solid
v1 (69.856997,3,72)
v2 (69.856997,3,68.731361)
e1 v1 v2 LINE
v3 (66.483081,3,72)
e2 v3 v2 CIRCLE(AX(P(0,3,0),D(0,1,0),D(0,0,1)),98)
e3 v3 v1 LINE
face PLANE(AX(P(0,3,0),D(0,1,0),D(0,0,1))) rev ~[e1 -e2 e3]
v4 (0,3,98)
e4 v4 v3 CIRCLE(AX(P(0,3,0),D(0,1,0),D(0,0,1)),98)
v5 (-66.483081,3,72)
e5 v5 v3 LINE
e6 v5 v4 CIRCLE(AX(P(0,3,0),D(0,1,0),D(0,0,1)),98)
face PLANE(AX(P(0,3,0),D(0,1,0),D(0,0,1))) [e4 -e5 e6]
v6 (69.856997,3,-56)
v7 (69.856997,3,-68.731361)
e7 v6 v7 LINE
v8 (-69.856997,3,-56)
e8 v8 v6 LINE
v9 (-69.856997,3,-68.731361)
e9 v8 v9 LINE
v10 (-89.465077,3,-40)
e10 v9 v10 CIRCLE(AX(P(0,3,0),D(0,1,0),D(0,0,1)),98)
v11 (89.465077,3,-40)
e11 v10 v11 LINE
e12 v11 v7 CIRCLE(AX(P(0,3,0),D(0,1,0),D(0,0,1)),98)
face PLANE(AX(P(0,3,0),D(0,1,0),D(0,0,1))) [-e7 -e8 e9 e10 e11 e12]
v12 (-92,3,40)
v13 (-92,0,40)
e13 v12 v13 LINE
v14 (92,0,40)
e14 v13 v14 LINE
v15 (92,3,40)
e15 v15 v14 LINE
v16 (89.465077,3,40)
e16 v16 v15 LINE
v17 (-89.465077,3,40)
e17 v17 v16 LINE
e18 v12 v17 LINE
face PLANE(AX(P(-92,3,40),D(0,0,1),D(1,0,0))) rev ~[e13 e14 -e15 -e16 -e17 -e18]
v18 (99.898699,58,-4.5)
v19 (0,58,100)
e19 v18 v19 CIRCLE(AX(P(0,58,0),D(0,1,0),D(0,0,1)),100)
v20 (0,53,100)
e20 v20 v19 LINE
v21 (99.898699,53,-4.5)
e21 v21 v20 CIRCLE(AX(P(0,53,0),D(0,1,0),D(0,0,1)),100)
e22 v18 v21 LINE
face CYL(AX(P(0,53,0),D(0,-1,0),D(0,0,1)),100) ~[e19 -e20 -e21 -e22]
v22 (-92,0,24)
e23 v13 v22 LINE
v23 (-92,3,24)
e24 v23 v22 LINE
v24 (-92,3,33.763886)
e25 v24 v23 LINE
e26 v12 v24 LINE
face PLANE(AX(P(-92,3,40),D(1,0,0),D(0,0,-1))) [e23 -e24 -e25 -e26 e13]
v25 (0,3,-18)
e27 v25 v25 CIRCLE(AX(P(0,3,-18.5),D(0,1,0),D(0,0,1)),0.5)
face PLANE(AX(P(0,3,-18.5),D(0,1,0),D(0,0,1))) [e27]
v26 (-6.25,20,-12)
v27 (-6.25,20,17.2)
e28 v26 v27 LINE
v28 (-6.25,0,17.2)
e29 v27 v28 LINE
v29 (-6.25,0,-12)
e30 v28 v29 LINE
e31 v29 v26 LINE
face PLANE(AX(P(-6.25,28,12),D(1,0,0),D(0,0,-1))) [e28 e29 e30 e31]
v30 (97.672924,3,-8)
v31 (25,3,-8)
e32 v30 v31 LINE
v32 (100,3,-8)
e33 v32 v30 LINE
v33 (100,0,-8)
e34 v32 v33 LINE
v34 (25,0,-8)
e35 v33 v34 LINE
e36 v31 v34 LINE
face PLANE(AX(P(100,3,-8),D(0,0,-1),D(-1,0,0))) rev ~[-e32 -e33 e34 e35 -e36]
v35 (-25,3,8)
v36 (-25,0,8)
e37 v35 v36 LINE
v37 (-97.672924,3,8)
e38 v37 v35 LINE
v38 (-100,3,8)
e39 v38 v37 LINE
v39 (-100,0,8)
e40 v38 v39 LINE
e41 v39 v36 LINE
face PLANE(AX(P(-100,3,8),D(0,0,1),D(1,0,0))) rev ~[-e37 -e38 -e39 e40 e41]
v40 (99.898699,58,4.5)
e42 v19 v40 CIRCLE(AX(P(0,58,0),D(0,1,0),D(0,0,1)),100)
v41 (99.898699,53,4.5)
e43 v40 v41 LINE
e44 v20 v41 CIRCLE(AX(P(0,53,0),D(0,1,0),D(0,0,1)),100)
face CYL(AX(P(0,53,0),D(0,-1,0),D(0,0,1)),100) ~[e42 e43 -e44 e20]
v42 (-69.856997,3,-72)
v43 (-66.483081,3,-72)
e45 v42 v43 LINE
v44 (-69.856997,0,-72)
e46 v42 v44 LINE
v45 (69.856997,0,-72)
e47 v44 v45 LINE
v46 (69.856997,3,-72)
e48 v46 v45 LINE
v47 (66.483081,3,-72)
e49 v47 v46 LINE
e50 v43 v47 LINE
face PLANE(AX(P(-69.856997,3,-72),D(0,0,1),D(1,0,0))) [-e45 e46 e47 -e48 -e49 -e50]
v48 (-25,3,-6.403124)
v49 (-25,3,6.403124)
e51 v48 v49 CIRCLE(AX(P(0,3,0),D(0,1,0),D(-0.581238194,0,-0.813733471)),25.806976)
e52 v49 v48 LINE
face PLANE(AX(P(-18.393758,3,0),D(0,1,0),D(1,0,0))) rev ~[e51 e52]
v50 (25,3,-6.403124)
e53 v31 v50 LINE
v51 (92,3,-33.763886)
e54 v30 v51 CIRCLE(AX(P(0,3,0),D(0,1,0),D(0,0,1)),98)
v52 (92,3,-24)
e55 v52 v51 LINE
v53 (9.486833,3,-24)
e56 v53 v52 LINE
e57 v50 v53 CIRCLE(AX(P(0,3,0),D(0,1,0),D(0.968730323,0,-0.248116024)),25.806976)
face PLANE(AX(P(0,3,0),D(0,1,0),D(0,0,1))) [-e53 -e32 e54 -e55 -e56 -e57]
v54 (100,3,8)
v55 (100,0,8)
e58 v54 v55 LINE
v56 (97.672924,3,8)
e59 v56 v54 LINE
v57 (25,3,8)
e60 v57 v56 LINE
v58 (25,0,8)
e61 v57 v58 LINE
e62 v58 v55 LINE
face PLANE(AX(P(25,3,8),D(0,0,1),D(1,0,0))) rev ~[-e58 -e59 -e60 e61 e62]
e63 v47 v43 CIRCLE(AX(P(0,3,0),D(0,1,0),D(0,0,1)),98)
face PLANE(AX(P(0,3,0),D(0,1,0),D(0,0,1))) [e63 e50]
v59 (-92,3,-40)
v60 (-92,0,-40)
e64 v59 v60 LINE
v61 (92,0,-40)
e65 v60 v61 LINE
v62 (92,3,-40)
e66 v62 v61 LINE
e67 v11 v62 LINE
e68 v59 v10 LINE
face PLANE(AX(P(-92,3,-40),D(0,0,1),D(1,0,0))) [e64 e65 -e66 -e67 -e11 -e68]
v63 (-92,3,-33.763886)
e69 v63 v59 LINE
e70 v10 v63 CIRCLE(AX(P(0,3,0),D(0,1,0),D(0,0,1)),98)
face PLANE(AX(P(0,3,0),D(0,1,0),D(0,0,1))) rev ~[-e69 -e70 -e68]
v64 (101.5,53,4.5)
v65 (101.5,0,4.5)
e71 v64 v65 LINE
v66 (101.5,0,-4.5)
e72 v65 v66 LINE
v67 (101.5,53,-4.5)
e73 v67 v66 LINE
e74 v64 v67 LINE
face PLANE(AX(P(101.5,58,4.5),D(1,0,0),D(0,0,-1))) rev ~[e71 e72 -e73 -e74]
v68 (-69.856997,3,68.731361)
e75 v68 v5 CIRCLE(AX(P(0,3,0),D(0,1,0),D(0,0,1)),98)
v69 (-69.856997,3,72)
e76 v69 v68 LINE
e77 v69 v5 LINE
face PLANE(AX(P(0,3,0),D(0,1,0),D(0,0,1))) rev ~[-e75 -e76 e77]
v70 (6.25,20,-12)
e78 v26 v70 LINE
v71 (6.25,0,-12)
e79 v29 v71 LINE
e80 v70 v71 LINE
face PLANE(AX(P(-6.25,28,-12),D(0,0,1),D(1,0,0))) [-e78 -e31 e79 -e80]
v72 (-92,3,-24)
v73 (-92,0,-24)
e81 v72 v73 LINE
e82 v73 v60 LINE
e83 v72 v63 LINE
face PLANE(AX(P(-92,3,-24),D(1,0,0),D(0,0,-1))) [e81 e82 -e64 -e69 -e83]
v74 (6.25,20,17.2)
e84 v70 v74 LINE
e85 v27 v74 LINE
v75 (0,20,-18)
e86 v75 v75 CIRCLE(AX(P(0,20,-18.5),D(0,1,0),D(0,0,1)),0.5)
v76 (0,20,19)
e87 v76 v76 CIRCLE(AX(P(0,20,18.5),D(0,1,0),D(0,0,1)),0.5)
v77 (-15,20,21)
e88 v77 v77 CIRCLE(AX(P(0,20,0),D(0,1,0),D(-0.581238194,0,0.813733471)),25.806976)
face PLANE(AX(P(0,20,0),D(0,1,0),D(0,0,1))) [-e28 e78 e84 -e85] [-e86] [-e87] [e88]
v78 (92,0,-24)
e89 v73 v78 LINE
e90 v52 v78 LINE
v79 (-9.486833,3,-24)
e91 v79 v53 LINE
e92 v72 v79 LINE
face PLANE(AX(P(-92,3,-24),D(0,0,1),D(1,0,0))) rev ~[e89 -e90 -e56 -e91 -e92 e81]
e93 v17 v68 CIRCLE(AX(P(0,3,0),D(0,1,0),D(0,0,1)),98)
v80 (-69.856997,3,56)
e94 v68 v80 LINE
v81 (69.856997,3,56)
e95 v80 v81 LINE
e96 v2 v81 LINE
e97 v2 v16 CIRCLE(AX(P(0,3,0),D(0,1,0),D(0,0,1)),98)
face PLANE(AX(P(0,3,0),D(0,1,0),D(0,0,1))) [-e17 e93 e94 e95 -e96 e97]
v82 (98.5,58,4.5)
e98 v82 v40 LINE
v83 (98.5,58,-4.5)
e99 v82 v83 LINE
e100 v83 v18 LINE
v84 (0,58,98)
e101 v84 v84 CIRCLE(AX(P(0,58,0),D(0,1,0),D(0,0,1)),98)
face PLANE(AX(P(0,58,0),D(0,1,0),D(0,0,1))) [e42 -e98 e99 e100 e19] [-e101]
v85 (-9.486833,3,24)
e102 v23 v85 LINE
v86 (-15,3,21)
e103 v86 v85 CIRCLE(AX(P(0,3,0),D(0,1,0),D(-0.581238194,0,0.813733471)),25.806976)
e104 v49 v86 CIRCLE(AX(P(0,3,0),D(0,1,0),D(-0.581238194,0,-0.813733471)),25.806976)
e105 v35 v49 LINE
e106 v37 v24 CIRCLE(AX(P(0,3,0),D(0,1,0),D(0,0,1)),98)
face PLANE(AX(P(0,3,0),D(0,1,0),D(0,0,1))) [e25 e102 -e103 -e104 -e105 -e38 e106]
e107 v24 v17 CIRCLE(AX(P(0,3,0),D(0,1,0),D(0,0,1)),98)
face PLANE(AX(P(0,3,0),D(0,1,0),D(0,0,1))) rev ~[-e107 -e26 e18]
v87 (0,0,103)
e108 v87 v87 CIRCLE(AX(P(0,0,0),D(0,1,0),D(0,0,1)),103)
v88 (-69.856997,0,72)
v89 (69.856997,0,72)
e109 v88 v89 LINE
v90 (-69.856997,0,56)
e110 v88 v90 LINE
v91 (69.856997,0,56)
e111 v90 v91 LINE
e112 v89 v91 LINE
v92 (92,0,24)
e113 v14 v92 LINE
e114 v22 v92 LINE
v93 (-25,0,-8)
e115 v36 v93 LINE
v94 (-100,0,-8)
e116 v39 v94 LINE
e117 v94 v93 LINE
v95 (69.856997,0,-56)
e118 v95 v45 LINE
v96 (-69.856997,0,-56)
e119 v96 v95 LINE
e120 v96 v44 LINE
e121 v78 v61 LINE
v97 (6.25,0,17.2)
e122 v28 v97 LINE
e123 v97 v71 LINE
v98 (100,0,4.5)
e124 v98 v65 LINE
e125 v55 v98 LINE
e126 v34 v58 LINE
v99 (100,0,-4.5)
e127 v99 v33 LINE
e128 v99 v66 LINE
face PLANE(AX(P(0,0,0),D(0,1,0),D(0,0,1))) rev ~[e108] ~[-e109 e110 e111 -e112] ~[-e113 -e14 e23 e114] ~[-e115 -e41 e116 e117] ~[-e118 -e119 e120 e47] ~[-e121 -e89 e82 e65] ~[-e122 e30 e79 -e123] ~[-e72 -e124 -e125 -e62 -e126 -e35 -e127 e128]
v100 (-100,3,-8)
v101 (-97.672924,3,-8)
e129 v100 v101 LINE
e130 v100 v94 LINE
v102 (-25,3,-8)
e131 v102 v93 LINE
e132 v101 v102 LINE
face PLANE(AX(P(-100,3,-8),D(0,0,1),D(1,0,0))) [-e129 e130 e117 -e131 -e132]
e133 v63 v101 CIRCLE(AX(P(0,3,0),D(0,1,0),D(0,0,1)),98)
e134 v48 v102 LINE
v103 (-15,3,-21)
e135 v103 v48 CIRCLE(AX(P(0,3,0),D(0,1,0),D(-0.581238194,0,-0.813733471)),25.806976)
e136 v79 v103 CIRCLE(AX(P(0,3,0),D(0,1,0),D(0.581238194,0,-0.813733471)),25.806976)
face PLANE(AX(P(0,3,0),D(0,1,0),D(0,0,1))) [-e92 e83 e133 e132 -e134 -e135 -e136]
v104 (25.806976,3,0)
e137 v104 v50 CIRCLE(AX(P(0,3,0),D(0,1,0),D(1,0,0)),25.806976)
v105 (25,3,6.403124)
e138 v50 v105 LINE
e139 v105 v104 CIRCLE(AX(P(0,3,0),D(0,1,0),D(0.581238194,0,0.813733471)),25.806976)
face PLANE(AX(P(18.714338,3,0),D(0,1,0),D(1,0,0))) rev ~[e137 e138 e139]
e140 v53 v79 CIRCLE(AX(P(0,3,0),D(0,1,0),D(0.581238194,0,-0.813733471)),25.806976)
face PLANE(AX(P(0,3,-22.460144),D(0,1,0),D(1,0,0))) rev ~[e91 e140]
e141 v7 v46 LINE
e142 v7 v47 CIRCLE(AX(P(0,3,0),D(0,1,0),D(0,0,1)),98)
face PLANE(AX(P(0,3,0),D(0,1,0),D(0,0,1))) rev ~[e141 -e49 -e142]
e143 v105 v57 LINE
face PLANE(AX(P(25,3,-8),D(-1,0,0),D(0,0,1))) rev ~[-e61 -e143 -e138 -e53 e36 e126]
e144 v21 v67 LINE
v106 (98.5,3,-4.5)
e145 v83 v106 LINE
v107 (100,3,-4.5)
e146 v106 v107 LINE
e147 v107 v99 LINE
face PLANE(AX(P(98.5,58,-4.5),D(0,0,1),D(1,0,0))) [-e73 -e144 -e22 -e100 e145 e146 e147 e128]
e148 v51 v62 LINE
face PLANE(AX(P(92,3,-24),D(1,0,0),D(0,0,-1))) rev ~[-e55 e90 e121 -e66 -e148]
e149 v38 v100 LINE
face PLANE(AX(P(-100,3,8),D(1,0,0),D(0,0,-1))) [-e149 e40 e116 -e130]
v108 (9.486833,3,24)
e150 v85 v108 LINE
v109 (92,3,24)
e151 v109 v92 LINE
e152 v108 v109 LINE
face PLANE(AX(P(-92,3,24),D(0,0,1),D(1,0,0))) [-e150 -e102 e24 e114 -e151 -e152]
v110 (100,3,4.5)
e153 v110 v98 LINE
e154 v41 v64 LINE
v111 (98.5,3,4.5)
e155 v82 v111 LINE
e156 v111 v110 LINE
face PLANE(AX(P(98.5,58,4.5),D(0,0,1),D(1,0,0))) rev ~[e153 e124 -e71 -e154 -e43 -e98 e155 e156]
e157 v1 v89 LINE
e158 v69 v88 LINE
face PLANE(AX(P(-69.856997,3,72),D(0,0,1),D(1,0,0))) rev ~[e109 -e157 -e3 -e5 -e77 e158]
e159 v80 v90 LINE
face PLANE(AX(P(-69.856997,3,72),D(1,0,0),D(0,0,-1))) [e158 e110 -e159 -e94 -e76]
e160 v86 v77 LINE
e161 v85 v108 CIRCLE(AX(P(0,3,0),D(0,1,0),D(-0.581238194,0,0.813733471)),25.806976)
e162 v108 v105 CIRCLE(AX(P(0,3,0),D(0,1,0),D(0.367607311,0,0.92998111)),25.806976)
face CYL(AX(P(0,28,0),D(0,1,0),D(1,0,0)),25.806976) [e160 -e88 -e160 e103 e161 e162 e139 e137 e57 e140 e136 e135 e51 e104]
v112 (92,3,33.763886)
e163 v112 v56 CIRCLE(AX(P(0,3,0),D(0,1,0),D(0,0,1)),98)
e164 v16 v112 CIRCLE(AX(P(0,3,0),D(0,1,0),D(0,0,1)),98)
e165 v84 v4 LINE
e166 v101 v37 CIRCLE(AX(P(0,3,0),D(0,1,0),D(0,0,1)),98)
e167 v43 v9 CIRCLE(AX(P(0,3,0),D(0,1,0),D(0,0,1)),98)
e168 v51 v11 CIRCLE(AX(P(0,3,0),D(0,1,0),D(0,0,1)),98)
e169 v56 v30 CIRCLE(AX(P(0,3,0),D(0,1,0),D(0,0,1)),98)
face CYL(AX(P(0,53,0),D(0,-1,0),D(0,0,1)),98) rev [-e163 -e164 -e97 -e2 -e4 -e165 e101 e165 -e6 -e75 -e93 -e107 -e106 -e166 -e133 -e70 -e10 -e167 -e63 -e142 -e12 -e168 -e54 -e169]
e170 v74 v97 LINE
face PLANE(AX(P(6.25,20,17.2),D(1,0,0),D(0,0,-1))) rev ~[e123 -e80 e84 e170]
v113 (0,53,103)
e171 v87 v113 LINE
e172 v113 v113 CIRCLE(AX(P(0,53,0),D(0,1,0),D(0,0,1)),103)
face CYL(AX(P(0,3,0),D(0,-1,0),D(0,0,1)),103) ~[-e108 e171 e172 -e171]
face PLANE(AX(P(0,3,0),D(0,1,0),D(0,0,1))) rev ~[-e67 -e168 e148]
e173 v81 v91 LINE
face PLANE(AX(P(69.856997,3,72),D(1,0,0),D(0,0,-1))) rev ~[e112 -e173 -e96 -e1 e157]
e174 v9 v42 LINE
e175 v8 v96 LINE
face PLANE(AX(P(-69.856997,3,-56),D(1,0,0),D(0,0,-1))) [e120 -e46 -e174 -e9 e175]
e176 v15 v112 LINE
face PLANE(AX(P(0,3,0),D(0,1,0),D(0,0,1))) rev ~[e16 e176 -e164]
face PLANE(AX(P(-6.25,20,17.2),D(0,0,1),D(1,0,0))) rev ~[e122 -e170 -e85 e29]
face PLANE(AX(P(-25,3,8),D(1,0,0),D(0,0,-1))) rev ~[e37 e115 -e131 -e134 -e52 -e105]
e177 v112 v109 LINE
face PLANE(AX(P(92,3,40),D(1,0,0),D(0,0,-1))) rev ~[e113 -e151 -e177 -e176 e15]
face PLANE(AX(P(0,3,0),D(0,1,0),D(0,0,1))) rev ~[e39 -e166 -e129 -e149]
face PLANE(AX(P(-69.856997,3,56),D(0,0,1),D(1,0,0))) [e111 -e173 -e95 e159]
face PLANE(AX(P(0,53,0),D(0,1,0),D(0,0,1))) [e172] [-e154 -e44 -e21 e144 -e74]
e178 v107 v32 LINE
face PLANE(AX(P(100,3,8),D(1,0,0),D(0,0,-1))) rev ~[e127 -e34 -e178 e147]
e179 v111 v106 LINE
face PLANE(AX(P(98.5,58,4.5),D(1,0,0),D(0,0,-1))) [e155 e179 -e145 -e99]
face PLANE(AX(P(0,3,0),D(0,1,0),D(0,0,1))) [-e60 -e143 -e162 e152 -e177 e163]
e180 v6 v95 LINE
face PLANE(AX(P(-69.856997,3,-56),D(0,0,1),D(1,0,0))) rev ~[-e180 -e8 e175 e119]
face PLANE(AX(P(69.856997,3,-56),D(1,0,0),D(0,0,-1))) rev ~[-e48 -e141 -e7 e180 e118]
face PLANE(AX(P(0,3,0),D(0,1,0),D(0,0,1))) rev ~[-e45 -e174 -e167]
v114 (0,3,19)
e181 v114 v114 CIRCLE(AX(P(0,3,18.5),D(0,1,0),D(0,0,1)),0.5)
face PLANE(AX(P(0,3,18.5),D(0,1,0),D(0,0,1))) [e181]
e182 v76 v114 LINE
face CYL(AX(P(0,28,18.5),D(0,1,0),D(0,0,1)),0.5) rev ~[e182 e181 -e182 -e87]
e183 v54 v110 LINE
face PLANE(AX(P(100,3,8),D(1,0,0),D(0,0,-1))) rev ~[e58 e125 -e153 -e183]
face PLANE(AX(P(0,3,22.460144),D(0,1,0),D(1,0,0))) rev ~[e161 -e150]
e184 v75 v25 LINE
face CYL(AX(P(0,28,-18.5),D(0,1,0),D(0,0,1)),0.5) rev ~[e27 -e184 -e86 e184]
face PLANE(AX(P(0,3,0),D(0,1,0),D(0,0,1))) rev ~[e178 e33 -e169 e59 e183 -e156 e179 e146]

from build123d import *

# Parameters (mm, degrees)
SKETCH_1_R          = 103
EXTRUDE_1_DEPTH     = 3
SKETCH_2_W          = 30
SKETCH_2_H          = 42
SKETCH_2_W_2        = 24
SKETCH_2_H_2        = 32
EXTRUDE_2_DEPTH     = 25
SKETCH_3_R          = 0.5
CUT_EXTRUDE_1_DEPTH = 25
CUT_EXTRUDE_2_DEPTH = 25
SKETCH_5_R          = 103
SKETCH_5_R_2        = 100.319489632
EXTRUDE_3_DEPTH     = 50
SKETCH_6_W          = 139.713993572
SKETCH_6_H          = 16
SKETCH_6_W_2        = 184
SKETCH_6_W_3        = 75
CUT_EXTRUDE_3_DEPTH = 50
EXTRUDE_START       = -5
SKETCH_7_R          = 103
SKETCH_7_R_2        = 98
EXTRUDE_4_DEPTH     = 5
SKETCH_8_R          = 100
SKETCH_8_R_2        = 98
EXTRUDE_5_DEPTH     = 5
EXTRUDE_6_DEPTH     = 25
SKETCH_10_W         = 24
SKETCH_10_H         = 32
SKETCH_10_W_2       = 12.5
SKETCH_10_H_2       = 24
EXTRUDE_7_DEPTH     = 25
SKETCH_11_R         = 25.806975801
SKETCH_11_W         = 12.5
SKETCH_11_H         = 24
CUT_EXTRUDE_4_DEPTH = 8
SKETCH_12_W         = 12.5
SKETCH_12_H         = 24
CUT_EXTRUDE_5_DEPTH = 8
SKETCH_13_W         = 12.5
SKETCH_13_H         = 5.2
CUT_EXTRUDE_6_DEPTH = 100
SKETCH_14_R         = 103
SKETCH_14_R_2       = 98
EXTRUDE_9_DEPTH     = 50
SKETCH_15_W         = 3
SKETCH_15_H         = 9
CUT_EXTRUDE_7_DEPTH = 70


with BuildPart() as part:
    # 草图1 → 凸台-拉伸1 (new body)
    with BuildSketch(Plane(origin=(0, 0, 0), x_dir=(1, 0, 0), z_dir=(0, 1, 0))):
        with Locations(Location((0, 0, 0), (0, 0, 270))):
            Circle(SKETCH_1_R)
    extrude(amount=EXTRUDE_1_DEPTH)

    # 草图2 → 凸台-拉伸2 (add)
    with BuildSketch(Plane(origin=(0, 3, 0), x_dir=(1, 0, 0), z_dir=(0, 1, 0))):
        Rectangle(SKETCH_2_W, SKETCH_2_H)
        Rectangle(SKETCH_2_W_2, SKETCH_2_H_2, mode=Mode.SUBTRACT)
    extrude(amount=EXTRUDE_2_DEPTH)

    # 草图3 → 切除-拉伸1 (cut)
    with BuildSketch(Plane(origin=(0, 28, 0), x_dir=(1, 0, 0), z_dir=(0, 1, 0))):
        with Locations(Location((0, -18.5, 0), (0, 0, 270))):
            Circle(SKETCH_3_R)
        with Locations(Location((0, 18.5, 0), (0, 0, 270))):
            Circle(SKETCH_3_R)
    extrude(amount=-CUT_EXTRUDE_1_DEPTH, mode=Mode.SUBTRACT)

    # 草图4 → 切除-拉伸2 (cut)
    with BuildSketch(Plane(origin=(0, 3, 0), x_dir=(1, 0, 0), z_dir=(0, 1, 0))):
        Polygon((25, 0), (25, -8), (100, -8), (100, 0), (100, 8), (25, 8), align=None)
    extrude(amount=-CUT_EXTRUDE_2_DEPTH, mode=Mode.SUBTRACT)

    # 草图5 → 凸台-拉伸3 (add)
    with BuildSketch(Plane(origin=(0, 3, 0), x_dir=(1, 0, 0), z_dir=(0, 1, 0))):
        with Locations(Location((0, 0, 0), (0, 0, 270))):
            Circle(SKETCH_5_R)
        with Locations(Location((0, 0, 0), (0, 0, 4.57392126))):
            Circle(SKETCH_5_R_2, mode=Mode.SUBTRACT)
    extrude(amount=EXTRUDE_3_DEPTH)

    # 草图6 → 切除-拉伸3 (cut)
    with BuildSketch(Plane(origin=(0, 3, 0), x_dir=(1, 0, 0), z_dir=(0, 1, 0))):
        with Locations((0, -64)):
            Rectangle(SKETCH_6_W, SKETCH_6_H)
        with Locations((0, -32)):
            Rectangle(SKETCH_6_W_2, SKETCH_6_H)
        with Locations((-62.5, 0)):
            Rectangle(SKETCH_6_W_3, SKETCH_6_H)
        with Locations((0, 32)):
            Rectangle(SKETCH_6_W_2, SKETCH_6_H)
        with Locations((0, 64)):
            Rectangle(SKETCH_6_W, SKETCH_6_H)
    extrude(amount=-CUT_EXTRUDE_3_DEPTH, mode=Mode.SUBTRACT)

    # 草图7 → 凸台-拉伸4 (add)
    with BuildSketch(Plane(origin=(0, 53, 0), x_dir=(1, 0, 0), z_dir=(0, 1, 0)).offset(EXTRUDE_START)):
        with Locations(Location((0, 0, 0), (0, 0, 270))):
            Circle(SKETCH_7_R)
        with Locations(Location((0, 0, 0), (0, 0, 270))):
            Circle(SKETCH_7_R_2, mode=Mode.SUBTRACT)
    extrude(amount=EXTRUDE_4_DEPTH)

    # 草图8 → 凸台-拉伸5 (add)
    with BuildSketch(Plane(origin=(0, 53, 0), x_dir=(1, 0, 0), z_dir=(0, 1, 0))):
        with Locations(Location((0, 0, 0), (0, 0, 270))):
            Circle(SKETCH_8_R)
        with Locations(Location((0, 0, 0), (0, 0, 270))):
            Circle(SKETCH_8_R_2, mode=Mode.SUBTRACT)
    extrude(amount=EXTRUDE_5_DEPTH)

    # 草图9 → 凸台-拉伸6 (add)
    with BuildSketch(Plane(origin=(0, 28, 0), x_dir=(1, 0, 0), z_dir=(0, 1, 0))):
        with BuildLine():
            ThreePointArc((25.806975801, 0), (22.946727839, 11.808796784), (15, 21))
            Line((15, 21), (15, -21))
            ThreePointArc((15, -21), (22.946727839, -11.808796784), (25.806975801, 0))
        make_face()
        with BuildLine():
            ThreePointArc((15, 21), (0, 25.806975801), (-15, 21))
            Line((-15, 21), (15, 21))
        make_face()
        with BuildLine():
            Line((-15, -21), (-15, 21))
            ThreePointArc((-15, 21), (-25.806975801, 0), (-15, -21))
        make_face()
        with BuildLine():
            Line((15, -21), (-15, -21))
            ThreePointArc((-15, -21), (0, -25.806975801), (15, -21))
        make_face()
    extrude(amount=-EXTRUDE_6_DEPTH)

    # 草图10 → 凸台-拉伸7 (add)
    with BuildSketch(Plane(origin=(0, 28, 0), x_dir=(1, 0, 0), z_dir=(0, 1, 0))):
        Rectangle(SKETCH_10_W, SKETCH_10_H)
        Rectangle(SKETCH_10_W_2, SKETCH_10_H_2, mode=Mode.SUBTRACT)
    extrude(amount=-EXTRUDE_7_DEPTH)

    # 草图11 → 切除-拉伸4 (cut)
    with BuildSketch(Plane(origin=(0, 28, 0), x_dir=(1, 0, 0), z_dir=(0, 1, 0))):
        with Locations(Location((0, 0, 0), (0, 0, 270))):
            Circle(SKETCH_11_R)
        Rectangle(SKETCH_11_W, SKETCH_11_H, mode=Mode.SUBTRACT)
    extrude(amount=-CUT_EXTRUDE_4_DEPTH, mode=Mode.SUBTRACT)

    # 草图12 → 切除-拉伸5 (cut)
    with BuildSketch(Plane.XZ):
        Rectangle(SKETCH_12_W, SKETCH_12_H)
    extrude(amount=-CUT_EXTRUDE_5_DEPTH, mode=Mode.SUBTRACT)

    # 草图13 → 切除-拉伸6 (cut)
    with BuildSketch(Plane(origin=(0, 20, 0), x_dir=(1, 0, 0), z_dir=(0, 1, 0))):
        with Locations((0, -14.6)):
            Rectangle(SKETCH_13_W, SKETCH_13_H)
    extrude(amount=-CUT_EXTRUDE_6_DEPTH, mode=Mode.SUBTRACT)

    # 草图14 → 凸台-拉伸9 (add)
    with BuildSketch(Plane(origin=(0, 3, 0), x_dir=(1, 0, 0), z_dir=(0, 1, 0))):
        with Locations(Location((0, 0, 0), (0, 0, 270))):
            Circle(SKETCH_14_R)
        with Locations(Location((0, 0, 0), (0, 0, 270))):
            Circle(SKETCH_14_R_2, mode=Mode.SUBTRACT)
    extrude(amount=EXTRUDE_9_DEPTH)

    # 草图15 → 切除-拉伸7 (cut)
    with BuildSketch(Plane(origin=(0, 58, 0), x_dir=(1, 0, 0), z_dir=(0, 1, 0))):
        with Locations((100, 0)):
            Rectangle(SKETCH_15_W, SKETCH_15_H)
    extrude(amount=-CUT_EXTRUDE_7_DEPTH, mode=Mode.SUBTRACT)


solid = part.part
